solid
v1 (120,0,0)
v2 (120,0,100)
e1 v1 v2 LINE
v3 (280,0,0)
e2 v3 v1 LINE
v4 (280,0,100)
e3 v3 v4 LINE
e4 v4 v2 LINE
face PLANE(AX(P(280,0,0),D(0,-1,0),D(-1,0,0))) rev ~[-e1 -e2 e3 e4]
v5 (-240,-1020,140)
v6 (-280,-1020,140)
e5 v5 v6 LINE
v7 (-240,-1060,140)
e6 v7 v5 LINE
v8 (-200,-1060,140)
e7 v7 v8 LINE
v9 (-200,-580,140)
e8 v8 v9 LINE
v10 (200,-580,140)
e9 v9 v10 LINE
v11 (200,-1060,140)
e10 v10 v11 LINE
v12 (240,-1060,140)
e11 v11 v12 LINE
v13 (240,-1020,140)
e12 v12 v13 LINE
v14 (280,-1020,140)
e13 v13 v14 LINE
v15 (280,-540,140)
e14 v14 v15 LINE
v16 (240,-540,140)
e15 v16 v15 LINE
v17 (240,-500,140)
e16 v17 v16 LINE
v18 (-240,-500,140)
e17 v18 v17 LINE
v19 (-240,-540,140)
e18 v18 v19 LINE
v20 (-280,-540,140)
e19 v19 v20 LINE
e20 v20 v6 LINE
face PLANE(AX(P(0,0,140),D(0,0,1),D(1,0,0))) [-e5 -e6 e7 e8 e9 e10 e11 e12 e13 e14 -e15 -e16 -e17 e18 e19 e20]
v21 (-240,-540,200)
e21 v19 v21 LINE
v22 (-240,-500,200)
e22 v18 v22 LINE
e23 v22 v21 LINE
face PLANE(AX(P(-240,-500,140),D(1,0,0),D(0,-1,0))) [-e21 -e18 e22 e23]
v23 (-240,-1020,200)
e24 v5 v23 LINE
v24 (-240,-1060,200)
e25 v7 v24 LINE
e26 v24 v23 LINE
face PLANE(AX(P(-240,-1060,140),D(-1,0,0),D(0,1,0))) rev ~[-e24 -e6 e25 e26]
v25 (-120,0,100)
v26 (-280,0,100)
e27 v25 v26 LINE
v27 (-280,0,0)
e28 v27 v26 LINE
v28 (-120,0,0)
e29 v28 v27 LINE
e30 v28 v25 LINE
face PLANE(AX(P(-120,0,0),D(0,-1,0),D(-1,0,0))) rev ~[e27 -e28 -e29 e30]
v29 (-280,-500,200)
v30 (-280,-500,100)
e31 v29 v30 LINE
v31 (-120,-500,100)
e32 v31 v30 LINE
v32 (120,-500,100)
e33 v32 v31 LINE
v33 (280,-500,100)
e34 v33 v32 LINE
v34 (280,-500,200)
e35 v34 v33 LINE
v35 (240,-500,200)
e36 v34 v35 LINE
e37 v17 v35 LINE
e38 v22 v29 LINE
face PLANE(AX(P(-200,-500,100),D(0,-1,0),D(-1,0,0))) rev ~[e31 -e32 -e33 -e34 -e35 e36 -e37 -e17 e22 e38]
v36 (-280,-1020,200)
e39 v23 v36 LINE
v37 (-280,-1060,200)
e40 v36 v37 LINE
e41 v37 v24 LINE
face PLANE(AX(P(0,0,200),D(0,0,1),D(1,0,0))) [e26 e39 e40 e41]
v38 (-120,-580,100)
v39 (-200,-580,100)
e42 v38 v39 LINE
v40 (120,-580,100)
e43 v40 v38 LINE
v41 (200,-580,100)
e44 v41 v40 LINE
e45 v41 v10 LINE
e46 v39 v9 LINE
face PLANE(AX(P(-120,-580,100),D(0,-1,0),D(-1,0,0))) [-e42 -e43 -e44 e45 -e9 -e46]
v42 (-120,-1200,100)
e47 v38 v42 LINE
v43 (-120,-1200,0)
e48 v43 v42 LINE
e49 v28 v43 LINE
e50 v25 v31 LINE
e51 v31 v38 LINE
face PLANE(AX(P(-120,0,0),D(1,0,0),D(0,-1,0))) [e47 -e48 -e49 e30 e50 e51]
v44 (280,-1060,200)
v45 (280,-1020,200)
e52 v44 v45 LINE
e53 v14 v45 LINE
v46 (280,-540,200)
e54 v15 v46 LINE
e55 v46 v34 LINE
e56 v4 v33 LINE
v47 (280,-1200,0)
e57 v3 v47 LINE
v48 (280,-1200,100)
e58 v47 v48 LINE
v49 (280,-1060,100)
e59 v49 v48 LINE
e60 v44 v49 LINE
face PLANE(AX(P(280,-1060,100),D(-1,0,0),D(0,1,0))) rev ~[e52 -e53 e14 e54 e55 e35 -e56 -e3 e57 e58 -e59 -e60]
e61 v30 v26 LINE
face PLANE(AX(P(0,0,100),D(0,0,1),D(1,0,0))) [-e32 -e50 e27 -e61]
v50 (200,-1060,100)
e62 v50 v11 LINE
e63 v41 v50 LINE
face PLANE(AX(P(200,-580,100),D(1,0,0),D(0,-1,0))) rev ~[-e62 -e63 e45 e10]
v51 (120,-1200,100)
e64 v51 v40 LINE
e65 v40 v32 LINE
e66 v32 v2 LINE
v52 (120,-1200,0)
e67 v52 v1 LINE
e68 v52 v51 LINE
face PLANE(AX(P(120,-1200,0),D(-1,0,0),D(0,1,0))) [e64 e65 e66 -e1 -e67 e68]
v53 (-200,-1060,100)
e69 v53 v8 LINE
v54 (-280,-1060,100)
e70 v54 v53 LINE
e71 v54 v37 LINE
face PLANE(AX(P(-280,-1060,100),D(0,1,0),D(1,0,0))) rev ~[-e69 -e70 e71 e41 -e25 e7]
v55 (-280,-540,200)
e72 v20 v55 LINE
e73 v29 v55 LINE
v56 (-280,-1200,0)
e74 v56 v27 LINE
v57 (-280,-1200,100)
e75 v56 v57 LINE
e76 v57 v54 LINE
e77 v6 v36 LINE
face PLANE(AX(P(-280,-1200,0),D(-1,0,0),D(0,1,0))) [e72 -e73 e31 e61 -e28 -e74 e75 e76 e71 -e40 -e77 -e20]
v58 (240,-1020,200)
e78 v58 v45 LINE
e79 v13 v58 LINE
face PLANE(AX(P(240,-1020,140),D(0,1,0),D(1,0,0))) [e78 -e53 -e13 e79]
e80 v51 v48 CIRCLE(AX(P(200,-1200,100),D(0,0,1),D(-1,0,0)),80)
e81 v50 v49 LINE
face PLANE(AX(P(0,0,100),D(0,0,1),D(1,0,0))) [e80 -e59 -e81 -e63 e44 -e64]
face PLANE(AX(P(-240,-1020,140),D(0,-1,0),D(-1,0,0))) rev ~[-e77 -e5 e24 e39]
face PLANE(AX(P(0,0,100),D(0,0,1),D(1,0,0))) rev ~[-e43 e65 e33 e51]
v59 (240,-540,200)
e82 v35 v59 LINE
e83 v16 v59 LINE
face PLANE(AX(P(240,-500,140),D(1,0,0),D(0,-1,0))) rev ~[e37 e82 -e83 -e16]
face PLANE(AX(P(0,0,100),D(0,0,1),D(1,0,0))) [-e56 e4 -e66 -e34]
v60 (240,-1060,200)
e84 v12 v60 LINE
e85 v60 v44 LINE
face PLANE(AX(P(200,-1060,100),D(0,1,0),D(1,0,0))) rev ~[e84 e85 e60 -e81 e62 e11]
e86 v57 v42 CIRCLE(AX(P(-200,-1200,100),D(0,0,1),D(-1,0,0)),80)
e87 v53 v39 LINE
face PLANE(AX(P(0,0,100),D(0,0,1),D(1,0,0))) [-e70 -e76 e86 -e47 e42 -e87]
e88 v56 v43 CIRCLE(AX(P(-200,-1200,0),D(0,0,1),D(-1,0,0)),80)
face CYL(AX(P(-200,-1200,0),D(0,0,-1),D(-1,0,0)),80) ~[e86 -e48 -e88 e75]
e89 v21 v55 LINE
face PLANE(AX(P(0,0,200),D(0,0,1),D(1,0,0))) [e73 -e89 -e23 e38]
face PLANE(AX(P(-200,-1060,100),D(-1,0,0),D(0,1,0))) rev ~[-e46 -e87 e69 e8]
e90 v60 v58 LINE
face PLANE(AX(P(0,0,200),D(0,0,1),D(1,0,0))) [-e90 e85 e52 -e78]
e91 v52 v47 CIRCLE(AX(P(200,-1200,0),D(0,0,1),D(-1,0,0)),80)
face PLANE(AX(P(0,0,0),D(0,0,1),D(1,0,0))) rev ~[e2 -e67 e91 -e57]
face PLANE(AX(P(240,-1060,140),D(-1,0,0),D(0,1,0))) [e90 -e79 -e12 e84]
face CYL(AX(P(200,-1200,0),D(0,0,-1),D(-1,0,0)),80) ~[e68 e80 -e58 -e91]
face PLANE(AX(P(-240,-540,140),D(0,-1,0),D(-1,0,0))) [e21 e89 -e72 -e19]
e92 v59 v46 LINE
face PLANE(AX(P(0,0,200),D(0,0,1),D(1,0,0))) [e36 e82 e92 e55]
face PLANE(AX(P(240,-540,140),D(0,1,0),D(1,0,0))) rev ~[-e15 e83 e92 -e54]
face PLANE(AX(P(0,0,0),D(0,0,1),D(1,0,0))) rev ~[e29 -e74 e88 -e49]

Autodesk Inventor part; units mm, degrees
ref_plane "YZ Plane" through (0, 0, 0) normal (1, 0, 0) x (0, 1, 0)
ref_plane "XZ Plane" through (0, 0, 0) normal (0, 1, 0) x (-1, 0, 0)
ref_plane "XY Plane" through (0, 0, 0) normal (0, 0, 1) x (1, 0, 0)
sketch "Sketch1" plane through (0, 0, 0) normal (0, 0, 1) x (1, 0, 0)
  line L0 (280, 0) -> (280, -1200)
  arc A0 (120, -1200) -> (280, -1200) centre (200, -1200) ccw
  line L1 (120, -1200) -> (120, 0)
  line L2 (-120, 0) -> (-120, -1200)
  arc A1 (-280, -1200) -> (-120, -1200) centre (-200, -1200) ccw
  line L3 (-280, -1200) -> (-280, 0)
  line L4 (280, 0) -> (-280, 0)
  line L5 (0, 0) -> (0, -1425.5319) construction
  dimension "d0" = 160
  dimension "d1" = 560
  dimension "d2" = 1200
extrude "Extrusion1" add sketch "Sketch1" along normal blind 100
sketch "Sketch2" plane through (0, 0, 100) normal (0, 0, 1) x (1, 0, 0)
  arc A0 (-280, -1200) -> (-120, -1200) centre (-200, -1200) ccw projected
  line L0 (-120, -1200) -> (-120, 0) projected
  line L1 (-120, 0) -> (-280, 0) projected
  line L2 (-280, 0) -> (-280, -1200) projected
  line L3 (280, 0) -> (120, 0) projected
  line L4 (120, 0) -> (120, -1200) projected
  arc A1 (120, -1200) -> (280, -1200) centre (200, -1200) ccw projected
  line L5 (280, -1200) -> (280, 0) projected
  line L6 (-280, -1060) -> (-200, -1060)
  line L7 (-200, -1060) -> (-200, -500)
  line L8 (-200, -500) -> (-280, -500)
  line L9 (-280, -500) -> (-280, -1060)
  line L10 (200, -1060) -> (280, -1060)
  line L11 (280, -1060) -> (280, -500)
  line L12 (280, -500) -> (200, -500)
  line L13 (200, -500) -> (200, -1060)
  line L14 (-200, -500) -> (200, -500)
  line L15 (200, -500) -> (200, -580)
  line L16 (200, -580) -> (-200, -580)
  line L17 (-200, -580) -> (-200, -500)
  line L18 (-280, 0) -> (-280, -1200) projected
  line L19 (280, -1200) -> (280, 0) projected
  point P0 (0, 0)
  point P1 (-200, -580)
  dimension "d5" = 80
  dimension "d6" = 560
  dimension "d7" = 560
  dimension "d8" = 400
  dimension "d9" = 500
extrude "Extrusion2" add sketch "Sketch2" along normal blind 40 contours L2 L8 L7 L6 | L16 L7 L14 L0 | L0 L14 L4 L16 | L4 L14 L13 L16 | L13 L12 L5 L10
sketch "Sketch3" plane through (0, 0, 140) normal (0, 0, 1) x (1, 0, 0)
  line L0 (-280, -500) -> (-280, -1060) projected
  line L1 (-280, -1060) -> (-200, -1060) projected
  line L2 (-200, -1060) -> (-200, -580) projected
  line L3 (-200, -580) -> (200, -580) projected
  line L4 (200, -580) -> (200, -1060) projected
  line L5 (200, -1060) -> (280, -1060) projected
  line L6 (280, -1060) -> (280, -500) projected
  line L7 (280, -500) -> (-280, -500) projected
  line L8 (-280, -1060) -> (-240, -1060)
  line L9 (-240, -1060) -> (-240, -1020)
  line L10 (-240, -1020) -> (-280, -1020)
  line L11 (-280, -1020) -> (-280, -1060)
  line L12 (-280, -500) -> (-240, -500)
  line L13 (-240, -500) -> (-240, -540)
  line L14 (-240, -540) -> (-280, -540)
  line L15 (-280, -540) -> (-280, -500)
  line L16 (280, -500) -> (240, -500)
  line L17 (240, -500) -> (240, -540)
  line L18 (240, -540) -> (280, -540)
  line L19 (280, -540) -> (280, -500)
  line L20 (280, -1060) -> (240, -1060)
  line L21 (240, -1060) -> (240, -1020)
  line L22 (240, -1020) -> (280, -1020)
  line L23 (280, -1020) -> (280, -1060)
  point P0 (0, 0)
  dimension "d12" = 40
extrude "Extrusion3" add sketch "Sketch3" along normal blind 60 contours L7 L13 L14 L0 | L10 L9 L1 L0 | L7 L6 L18 L17 | L6 L5 L21 L22
equation "\"d7\" = d6"
properties part number "pallet jack dummy_1200"
